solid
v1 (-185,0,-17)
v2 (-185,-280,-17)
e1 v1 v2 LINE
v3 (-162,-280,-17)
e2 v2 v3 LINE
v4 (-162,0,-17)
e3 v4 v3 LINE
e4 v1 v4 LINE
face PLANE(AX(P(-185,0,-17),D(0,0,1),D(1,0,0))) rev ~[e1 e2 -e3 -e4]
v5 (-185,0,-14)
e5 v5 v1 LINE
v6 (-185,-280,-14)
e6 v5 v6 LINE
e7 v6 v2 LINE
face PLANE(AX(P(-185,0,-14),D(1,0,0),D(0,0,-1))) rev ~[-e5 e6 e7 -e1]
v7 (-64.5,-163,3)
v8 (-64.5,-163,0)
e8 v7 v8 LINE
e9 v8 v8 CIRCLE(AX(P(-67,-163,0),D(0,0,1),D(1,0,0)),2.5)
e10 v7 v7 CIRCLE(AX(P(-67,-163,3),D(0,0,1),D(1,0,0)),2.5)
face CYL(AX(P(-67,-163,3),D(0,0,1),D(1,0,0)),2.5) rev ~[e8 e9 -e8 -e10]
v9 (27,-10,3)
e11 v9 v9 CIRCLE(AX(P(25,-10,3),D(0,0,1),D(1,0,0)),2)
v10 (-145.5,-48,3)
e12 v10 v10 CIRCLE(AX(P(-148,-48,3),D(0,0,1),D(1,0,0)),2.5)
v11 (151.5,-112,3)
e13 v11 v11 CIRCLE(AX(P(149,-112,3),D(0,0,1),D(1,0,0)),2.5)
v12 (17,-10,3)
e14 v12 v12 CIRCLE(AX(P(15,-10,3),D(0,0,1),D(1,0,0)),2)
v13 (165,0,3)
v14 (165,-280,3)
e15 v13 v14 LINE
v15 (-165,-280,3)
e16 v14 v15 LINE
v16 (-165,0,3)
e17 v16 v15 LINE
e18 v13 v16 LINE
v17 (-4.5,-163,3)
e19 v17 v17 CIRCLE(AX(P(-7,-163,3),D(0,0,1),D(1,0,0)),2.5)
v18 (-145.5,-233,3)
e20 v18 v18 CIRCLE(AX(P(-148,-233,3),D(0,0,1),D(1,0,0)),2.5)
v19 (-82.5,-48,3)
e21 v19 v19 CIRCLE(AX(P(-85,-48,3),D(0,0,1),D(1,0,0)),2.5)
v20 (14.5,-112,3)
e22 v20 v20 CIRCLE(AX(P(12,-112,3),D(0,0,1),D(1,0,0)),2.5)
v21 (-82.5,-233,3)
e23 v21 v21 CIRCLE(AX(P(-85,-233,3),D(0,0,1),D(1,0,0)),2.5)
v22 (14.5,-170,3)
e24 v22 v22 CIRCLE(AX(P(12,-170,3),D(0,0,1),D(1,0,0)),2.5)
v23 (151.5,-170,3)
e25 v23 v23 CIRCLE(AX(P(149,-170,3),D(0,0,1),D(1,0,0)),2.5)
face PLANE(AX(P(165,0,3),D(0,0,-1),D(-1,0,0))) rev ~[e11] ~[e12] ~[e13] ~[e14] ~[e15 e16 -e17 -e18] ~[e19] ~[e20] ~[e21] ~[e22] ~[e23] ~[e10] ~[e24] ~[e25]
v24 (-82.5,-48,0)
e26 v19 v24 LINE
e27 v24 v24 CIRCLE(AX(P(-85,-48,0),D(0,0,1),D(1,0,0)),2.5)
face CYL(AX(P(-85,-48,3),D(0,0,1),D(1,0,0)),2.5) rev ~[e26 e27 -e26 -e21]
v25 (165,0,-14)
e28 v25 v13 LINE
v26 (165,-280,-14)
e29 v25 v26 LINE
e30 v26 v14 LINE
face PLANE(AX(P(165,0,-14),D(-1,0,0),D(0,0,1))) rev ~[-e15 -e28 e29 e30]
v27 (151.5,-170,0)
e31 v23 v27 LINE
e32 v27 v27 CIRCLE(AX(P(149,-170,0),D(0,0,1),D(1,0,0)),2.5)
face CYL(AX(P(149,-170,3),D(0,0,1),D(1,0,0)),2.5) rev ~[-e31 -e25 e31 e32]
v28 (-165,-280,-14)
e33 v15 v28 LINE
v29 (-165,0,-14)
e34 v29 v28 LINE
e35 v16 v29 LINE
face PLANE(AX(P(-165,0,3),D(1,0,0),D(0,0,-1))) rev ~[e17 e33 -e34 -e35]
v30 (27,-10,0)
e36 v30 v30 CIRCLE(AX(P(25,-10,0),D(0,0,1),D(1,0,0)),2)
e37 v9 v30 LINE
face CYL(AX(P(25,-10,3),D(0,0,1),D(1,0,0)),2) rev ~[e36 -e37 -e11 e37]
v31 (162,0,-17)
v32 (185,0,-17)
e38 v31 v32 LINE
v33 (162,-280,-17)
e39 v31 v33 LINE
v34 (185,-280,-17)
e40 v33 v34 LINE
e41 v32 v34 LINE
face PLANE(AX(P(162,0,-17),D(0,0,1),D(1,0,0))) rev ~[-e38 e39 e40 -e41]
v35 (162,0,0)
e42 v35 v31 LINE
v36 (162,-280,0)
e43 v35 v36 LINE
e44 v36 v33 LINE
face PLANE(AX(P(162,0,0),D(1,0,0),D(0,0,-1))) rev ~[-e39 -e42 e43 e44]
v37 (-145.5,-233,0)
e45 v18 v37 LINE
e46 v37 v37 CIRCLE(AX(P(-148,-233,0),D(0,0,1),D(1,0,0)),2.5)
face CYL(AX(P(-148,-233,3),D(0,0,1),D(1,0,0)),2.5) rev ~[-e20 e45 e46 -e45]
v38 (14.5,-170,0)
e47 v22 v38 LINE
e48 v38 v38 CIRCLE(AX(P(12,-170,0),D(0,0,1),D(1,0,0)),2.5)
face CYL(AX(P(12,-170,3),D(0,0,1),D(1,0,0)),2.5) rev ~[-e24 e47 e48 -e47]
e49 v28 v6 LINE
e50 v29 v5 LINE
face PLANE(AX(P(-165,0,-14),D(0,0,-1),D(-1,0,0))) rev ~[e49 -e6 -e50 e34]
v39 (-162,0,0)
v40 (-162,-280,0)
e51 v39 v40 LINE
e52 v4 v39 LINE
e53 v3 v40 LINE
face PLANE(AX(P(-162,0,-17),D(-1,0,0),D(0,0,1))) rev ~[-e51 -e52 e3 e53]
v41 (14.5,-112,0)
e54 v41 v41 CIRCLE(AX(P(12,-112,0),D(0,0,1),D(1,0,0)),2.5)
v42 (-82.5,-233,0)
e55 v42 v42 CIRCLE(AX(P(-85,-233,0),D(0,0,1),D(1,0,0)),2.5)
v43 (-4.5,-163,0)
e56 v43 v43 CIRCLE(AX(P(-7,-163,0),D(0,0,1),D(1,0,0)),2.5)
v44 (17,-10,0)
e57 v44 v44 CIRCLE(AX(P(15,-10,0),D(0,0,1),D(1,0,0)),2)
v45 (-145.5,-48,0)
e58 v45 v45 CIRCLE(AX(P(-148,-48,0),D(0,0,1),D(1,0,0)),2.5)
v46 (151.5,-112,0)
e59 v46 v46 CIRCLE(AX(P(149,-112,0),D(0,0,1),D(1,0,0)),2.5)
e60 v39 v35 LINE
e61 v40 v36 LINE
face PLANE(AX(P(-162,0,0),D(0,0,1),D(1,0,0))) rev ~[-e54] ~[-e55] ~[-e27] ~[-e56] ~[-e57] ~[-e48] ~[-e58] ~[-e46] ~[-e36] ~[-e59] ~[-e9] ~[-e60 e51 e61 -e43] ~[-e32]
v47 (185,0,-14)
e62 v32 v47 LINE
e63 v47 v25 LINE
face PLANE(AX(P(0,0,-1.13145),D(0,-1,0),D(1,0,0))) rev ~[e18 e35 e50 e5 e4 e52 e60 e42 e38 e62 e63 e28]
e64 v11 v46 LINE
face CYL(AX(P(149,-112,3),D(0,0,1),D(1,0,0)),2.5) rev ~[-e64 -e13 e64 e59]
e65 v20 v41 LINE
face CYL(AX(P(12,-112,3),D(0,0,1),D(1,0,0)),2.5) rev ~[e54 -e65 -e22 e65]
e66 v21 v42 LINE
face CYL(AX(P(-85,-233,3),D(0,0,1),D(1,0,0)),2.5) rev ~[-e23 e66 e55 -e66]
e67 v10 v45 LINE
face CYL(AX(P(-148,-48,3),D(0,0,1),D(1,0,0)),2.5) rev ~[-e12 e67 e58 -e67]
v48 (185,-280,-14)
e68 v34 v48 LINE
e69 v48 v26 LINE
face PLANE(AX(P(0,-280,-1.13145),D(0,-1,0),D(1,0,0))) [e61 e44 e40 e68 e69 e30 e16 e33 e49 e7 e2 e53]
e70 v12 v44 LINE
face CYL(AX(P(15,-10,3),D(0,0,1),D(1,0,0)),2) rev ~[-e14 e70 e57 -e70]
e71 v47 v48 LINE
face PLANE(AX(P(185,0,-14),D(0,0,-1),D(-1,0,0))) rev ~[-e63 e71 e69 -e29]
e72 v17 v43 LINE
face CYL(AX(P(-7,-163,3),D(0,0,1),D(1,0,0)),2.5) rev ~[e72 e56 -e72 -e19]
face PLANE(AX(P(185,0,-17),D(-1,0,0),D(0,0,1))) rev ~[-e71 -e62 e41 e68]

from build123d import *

# Parameters (mm, degrees)
F1_DEPTH = 280
F2_R     = 2.5
F2_R_2   = 2
F3_DEPTH = 25


with BuildPart() as f1:
    # F0 (on Front) → F1 (new body)
    with BuildSketch(Plane.XZ):
        Polygon((-162, -17), (-162, 0), (162, 0), (162, -17), (185, -17), (185, -14), (165, -14), (165, 3), (-165, 3), (-165, -14), (-185, -14), (-185, -17), align=None)
    extrude(amount=F1_DEPTH)

    # F2 (on face) → F3 (cut)
    with BuildSketch(Plane.XY.offset(3)):
        with Locations((-148, -48)):
            Circle(F2_R)
        with Locations((15, -10)):
            Circle(F2_R_2)
        with Locations((25, -10)):
            Circle(F2_R_2)
        with Locations((-85, -48)):
            Circle(F2_R)
        with Locations((-85, -233)):
            Circle(F2_R)
        with Locations((-148, -233)):
            Circle(F2_R)
        with Locations((149, -112)):
            Circle(F2_R)
        with Locations((12, -112)):
            Circle(F2_R)
        with Locations((12, -170)):
            Circle(F2_R)
        with Locations((149, -170)):
            Circle(F2_R)
        with Locations((-67, -163)):
            Circle(F2_R)
        with Locations((-7, -163)):
            Circle(F2_R)
    extrude(amount=-F3_DEPTH, mode=Mode.SUBTRACT)


solid = f1.part
